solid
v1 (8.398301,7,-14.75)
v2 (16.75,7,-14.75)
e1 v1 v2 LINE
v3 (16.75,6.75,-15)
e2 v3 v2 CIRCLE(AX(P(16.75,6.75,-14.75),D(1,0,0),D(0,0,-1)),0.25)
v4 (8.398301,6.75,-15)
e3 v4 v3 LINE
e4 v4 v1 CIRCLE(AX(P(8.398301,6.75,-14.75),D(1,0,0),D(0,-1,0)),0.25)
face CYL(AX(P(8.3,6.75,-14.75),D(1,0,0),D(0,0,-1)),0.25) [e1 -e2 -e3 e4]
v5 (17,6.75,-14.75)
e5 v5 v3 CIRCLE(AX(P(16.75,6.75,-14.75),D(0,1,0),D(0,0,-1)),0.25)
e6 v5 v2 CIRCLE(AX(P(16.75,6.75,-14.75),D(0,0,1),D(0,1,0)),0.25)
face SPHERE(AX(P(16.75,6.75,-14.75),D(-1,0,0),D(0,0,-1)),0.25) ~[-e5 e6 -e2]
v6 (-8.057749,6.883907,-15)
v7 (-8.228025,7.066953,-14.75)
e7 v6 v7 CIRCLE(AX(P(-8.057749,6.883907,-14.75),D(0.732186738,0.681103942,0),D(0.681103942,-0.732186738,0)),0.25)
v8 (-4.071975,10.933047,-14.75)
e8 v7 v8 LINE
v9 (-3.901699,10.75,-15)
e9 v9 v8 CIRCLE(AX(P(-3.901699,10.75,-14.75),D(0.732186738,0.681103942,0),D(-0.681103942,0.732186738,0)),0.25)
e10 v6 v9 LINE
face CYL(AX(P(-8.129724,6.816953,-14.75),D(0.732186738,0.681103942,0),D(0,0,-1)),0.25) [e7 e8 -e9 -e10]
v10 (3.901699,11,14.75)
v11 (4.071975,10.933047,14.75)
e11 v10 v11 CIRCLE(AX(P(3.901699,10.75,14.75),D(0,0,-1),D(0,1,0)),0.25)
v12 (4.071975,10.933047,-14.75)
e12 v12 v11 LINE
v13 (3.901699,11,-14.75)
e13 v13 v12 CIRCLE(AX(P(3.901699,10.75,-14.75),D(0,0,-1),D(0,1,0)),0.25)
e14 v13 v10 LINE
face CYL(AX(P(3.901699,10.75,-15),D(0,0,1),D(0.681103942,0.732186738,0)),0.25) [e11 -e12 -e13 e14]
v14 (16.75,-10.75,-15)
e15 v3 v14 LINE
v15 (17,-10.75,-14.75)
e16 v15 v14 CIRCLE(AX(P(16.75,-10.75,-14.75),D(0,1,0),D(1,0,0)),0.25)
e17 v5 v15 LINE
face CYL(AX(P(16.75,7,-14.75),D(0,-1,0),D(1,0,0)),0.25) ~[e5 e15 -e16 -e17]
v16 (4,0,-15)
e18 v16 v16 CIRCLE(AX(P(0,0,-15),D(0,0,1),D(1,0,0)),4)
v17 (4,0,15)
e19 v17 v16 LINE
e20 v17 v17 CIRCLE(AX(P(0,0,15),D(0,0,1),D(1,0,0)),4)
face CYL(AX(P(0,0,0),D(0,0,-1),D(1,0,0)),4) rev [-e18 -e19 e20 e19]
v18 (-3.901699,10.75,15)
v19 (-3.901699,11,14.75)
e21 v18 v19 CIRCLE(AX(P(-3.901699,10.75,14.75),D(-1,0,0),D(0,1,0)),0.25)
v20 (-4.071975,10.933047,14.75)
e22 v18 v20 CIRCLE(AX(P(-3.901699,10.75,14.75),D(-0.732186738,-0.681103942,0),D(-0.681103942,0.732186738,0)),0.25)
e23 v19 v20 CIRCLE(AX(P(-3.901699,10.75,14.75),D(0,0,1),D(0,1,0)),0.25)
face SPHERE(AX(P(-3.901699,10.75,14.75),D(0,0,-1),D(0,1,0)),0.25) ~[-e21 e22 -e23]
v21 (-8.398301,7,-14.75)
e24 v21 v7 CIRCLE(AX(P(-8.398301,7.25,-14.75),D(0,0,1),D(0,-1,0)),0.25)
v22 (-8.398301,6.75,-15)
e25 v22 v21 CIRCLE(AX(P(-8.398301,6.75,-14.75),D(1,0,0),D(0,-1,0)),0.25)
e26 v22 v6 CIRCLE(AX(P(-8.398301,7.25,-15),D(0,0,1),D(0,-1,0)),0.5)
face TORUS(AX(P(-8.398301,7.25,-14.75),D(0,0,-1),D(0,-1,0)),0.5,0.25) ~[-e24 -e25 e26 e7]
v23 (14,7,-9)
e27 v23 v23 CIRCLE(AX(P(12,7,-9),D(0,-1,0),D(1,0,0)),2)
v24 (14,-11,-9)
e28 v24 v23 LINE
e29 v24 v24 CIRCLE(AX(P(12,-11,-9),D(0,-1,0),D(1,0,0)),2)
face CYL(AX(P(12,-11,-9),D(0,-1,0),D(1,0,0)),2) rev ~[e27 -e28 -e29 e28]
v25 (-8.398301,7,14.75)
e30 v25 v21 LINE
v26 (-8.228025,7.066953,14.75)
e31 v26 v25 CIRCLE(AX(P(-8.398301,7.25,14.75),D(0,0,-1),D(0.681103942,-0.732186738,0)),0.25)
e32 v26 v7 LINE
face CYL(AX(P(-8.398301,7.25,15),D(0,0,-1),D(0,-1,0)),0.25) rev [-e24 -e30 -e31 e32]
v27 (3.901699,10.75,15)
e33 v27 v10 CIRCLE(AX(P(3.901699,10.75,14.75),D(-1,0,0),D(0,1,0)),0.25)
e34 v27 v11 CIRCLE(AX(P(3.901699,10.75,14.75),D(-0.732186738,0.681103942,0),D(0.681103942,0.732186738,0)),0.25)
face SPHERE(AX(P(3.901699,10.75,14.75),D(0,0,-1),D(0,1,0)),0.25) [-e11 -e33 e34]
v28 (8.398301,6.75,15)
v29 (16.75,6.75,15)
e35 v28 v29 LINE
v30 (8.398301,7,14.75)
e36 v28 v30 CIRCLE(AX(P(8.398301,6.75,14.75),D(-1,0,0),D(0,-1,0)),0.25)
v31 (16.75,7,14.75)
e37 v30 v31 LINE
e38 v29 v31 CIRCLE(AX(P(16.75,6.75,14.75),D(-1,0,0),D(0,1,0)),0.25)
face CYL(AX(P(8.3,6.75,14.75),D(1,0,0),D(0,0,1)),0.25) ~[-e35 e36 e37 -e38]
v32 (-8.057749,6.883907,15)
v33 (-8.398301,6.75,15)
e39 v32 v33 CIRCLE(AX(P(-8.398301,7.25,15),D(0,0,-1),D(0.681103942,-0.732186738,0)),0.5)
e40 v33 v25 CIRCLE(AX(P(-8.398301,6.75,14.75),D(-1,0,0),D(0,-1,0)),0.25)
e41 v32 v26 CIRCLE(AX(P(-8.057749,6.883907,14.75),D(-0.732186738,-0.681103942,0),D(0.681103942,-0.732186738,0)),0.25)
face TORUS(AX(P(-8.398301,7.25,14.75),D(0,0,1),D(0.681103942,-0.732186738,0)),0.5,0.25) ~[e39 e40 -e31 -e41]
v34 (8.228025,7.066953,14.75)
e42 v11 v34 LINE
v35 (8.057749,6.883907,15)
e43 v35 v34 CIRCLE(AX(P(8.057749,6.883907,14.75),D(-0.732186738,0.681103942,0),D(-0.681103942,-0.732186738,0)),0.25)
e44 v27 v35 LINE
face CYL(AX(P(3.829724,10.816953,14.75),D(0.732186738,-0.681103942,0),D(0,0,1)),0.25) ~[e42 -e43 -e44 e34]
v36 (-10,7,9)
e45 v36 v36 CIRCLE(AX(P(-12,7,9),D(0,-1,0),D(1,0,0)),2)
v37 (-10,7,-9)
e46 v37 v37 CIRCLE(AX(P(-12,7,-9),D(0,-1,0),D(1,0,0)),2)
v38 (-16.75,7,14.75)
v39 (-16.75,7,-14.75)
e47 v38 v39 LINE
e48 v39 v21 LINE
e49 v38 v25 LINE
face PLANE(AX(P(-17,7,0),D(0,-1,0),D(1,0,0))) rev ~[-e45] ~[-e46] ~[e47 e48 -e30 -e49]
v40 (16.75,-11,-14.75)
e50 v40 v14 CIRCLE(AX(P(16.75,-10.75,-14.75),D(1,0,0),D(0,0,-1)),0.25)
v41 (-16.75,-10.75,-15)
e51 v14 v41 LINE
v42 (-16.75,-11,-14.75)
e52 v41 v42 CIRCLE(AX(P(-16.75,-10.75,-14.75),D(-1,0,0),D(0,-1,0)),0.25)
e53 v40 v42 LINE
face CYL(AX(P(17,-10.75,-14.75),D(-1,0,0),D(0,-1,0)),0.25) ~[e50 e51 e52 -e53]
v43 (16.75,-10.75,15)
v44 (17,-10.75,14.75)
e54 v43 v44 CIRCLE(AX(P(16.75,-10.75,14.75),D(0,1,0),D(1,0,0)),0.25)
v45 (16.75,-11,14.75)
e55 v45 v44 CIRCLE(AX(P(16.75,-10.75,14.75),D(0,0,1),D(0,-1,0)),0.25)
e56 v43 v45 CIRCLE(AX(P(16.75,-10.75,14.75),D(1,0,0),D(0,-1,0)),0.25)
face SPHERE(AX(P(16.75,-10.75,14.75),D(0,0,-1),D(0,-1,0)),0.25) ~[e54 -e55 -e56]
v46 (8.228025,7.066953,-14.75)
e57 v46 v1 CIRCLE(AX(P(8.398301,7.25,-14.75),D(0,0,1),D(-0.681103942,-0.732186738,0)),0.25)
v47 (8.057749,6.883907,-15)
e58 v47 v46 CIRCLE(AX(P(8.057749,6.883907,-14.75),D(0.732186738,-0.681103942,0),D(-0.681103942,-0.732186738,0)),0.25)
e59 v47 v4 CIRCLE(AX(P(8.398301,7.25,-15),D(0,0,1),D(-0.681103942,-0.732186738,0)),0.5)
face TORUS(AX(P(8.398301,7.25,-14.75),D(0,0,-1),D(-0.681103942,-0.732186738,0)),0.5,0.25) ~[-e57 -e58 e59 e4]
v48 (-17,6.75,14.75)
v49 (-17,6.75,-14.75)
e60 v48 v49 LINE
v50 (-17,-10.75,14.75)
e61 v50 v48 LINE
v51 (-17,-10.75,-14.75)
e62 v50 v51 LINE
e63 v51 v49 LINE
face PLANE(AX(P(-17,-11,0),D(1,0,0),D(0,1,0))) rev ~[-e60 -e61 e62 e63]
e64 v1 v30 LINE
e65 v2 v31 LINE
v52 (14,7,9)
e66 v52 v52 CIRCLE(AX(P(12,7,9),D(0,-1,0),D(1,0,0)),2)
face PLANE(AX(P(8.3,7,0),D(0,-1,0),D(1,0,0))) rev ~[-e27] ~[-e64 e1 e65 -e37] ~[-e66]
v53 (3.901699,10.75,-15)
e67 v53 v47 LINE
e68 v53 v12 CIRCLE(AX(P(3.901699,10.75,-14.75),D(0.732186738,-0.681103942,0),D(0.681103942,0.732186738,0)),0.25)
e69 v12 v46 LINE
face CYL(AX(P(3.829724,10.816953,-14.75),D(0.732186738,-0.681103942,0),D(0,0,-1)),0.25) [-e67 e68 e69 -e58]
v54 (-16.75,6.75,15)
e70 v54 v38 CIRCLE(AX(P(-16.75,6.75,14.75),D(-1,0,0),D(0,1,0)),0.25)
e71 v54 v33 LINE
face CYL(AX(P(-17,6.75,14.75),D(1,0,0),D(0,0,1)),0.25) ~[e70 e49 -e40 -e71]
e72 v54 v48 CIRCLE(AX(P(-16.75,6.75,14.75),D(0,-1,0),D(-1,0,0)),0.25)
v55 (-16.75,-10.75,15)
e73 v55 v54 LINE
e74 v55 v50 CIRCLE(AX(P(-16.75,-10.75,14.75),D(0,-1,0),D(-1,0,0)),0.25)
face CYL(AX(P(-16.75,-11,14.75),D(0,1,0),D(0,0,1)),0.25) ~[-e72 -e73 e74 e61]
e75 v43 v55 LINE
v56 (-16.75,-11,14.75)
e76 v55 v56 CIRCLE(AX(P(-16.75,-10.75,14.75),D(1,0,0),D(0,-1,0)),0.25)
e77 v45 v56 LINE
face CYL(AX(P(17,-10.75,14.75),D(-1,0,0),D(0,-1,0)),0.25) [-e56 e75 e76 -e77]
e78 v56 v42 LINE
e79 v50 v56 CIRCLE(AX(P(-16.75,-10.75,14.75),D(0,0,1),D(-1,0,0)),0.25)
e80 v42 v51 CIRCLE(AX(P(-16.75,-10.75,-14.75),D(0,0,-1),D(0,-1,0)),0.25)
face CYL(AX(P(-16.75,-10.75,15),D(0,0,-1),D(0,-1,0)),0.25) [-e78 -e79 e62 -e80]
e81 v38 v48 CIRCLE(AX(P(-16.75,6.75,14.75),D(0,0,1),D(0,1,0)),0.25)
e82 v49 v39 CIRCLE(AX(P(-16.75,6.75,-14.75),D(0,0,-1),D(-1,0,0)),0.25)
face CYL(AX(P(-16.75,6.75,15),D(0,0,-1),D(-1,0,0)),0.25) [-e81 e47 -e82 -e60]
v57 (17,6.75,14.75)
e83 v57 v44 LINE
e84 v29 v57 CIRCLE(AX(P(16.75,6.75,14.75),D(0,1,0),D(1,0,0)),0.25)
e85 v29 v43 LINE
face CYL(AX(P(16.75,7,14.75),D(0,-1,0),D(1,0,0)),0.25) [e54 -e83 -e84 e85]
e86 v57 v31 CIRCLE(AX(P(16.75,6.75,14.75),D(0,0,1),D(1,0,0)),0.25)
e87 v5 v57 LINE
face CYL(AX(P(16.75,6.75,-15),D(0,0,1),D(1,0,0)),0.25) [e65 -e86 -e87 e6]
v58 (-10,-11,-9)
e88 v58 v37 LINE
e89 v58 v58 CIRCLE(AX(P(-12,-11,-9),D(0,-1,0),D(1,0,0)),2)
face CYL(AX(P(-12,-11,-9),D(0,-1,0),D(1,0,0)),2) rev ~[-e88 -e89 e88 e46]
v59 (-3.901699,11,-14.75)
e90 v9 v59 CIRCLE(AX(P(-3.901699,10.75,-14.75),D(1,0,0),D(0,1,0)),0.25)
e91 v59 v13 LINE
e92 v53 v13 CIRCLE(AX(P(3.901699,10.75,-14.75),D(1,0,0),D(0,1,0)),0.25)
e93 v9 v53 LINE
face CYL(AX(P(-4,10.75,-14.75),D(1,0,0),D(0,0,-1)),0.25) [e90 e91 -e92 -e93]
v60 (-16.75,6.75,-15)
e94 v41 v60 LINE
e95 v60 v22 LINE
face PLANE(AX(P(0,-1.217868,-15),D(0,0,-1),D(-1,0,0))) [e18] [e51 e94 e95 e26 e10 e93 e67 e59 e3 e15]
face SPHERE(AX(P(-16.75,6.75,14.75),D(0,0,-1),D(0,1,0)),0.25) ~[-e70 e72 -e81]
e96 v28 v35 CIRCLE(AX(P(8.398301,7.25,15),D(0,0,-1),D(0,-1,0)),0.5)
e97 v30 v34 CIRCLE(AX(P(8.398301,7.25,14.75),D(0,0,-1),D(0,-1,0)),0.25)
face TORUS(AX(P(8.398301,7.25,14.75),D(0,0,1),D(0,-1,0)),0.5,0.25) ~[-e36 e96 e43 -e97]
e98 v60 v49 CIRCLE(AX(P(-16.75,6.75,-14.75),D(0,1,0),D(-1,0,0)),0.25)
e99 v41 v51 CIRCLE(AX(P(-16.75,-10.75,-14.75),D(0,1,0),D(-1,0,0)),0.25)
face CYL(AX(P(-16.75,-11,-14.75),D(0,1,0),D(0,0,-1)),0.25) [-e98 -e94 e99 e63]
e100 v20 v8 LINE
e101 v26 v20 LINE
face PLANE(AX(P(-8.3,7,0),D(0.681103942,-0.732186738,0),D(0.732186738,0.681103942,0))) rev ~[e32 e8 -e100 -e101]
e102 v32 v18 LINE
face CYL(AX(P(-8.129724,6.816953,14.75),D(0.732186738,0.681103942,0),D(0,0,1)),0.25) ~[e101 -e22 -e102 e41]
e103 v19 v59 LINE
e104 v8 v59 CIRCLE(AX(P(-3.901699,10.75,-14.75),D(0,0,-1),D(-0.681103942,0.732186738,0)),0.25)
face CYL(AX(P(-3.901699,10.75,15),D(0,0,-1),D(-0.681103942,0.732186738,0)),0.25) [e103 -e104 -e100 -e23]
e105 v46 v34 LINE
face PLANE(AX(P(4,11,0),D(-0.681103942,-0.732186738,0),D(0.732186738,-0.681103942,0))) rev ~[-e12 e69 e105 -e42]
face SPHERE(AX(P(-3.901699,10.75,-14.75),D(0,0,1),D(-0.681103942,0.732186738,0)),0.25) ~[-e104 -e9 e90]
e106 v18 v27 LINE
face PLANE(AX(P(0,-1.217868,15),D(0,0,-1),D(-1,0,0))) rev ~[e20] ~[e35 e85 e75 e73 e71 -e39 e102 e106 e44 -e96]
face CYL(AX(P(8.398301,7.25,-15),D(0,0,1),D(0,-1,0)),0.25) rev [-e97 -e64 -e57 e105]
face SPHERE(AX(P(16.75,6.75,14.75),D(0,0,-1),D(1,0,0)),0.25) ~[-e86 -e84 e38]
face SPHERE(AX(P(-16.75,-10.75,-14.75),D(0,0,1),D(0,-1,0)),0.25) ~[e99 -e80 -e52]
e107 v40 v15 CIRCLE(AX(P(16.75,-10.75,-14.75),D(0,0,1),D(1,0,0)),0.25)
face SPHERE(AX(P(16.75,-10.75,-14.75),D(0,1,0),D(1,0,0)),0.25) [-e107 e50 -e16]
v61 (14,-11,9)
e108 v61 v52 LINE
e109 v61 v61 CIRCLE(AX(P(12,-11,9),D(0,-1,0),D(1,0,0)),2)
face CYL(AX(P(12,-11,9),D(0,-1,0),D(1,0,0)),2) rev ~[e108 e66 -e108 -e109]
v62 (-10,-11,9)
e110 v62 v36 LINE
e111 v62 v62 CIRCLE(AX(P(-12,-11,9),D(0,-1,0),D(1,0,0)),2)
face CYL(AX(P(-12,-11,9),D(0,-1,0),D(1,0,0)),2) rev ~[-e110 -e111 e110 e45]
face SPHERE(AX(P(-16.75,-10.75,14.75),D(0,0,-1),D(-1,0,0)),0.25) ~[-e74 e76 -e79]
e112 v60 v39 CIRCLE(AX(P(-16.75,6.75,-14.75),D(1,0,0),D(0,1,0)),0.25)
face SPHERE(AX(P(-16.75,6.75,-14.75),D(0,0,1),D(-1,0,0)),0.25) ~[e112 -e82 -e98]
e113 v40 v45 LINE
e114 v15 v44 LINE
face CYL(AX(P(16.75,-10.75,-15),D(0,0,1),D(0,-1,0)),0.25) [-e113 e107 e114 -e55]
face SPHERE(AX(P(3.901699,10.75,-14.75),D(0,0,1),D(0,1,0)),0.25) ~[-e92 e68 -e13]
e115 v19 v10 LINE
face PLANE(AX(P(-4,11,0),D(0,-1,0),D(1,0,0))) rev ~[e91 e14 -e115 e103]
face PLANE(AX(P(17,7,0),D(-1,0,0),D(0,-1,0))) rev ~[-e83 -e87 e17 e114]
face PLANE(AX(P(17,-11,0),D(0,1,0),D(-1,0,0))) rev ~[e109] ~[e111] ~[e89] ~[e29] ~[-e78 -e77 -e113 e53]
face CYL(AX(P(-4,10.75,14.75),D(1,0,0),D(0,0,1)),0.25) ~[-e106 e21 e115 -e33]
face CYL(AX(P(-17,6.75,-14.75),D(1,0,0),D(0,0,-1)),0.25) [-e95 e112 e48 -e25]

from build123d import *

# Parameters (mm, degrees)
SKETCH1_R           = 4
BOSS_EXTRUDE1_DEPTH = 15
CUT_EXTRUDE1_REACH  = 24
SKETCH2_R           = 2
FILLET1_R           = 0.25


with BuildPart() as part:
    # Sketch1 → Boss-Extrude1 (new body, symmetric)
    with BuildSketch(Plane.XY):
        Polygon((17, -11), (-17, -11), (-17, 7), (-8.3, 7), (-4, 11), (4, 11), (8.3, 7), (17, 7), align=None)
        Circle(SKETCH1_R, mode=Mode.SUBTRACT)
    extrude(amount=BOSS_EXTRUDE1_DEPTH, both=True)

    # Sketch2 → Cut-Extrude1 (cut, up to next)
    with BuildSketch(Plane.XZ.offset(11), mode=Mode.PRIVATE) as cut_extrude1_sk1:
        with Locations((12, 9)):
            Circle(SKETCH2_R)
    cut_extrude1_tool1 = extrude(cut_extrude1_sk1.sketch, amount=-CUT_EXTRUDE1_REACH, mode=Mode.PRIVATE) & part.part
    add(cut_extrude1_tool1.solids().sort_by_distance((12, -11, 9))[0], mode=Mode.SUBTRACT)
    # Sketch2 → Cut-Extrude1 (cut, up to next)
    with BuildSketch(Plane.XZ.offset(11), mode=Mode.PRIVATE) as cut_extrude1_sk2:
        with Locations((-12, 9)):
            Circle(SKETCH2_R)
    cut_extrude1_tool2 = extrude(cut_extrude1_sk2.sketch, amount=-CUT_EXTRUDE1_REACH, mode=Mode.PRIVATE) & part.part
    add(cut_extrude1_tool2.solids().sort_by_distance((-12, -11, 9))[0], mode=Mode.SUBTRACT)
    # Sketch2 → Cut-Extrude1 (cut, up to next)
    with BuildSketch(Plane.XZ.offset(11), mode=Mode.PRIVATE) as cut_extrude1_sk3:
        with Locations((12, -9)):
            Circle(SKETCH2_R)
    cut_extrude1_tool3 = extrude(cut_extrude1_sk3.sketch, amount=-CUT_EXTRUDE1_REACH, mode=Mode.PRIVATE) & part.part
    add(cut_extrude1_tool3.solids().sort_by_distance((12, -11, -9))[0], mode=Mode.SUBTRACT)
    # Sketch2 → Cut-Extrude1 (cut, up to next)
    with BuildSketch(Plane.XZ.offset(11), mode=Mode.PRIVATE) as cut_extrude1_sk4:
        with Locations((-12, -9)):
            Circle(SKETCH2_R)
    cut_extrude1_tool4 = extrude(cut_extrude1_sk4.sketch, amount=-CUT_EXTRUDE1_REACH, mode=Mode.PRIVATE) & part.part
    add(cut_extrude1_tool4.solids().sort_by_distance((-12, -11, -9))[0], mode=Mode.SUBTRACT)

    # Fillet1
    fillet1_edges = [part.edges().sort_by_distance(p)[0] for p in [
        (0, 11, -15),
        (6.15, 9, -15),
        (12.65, 7, -15),
        (17, -2, -15),
        (6.15, 9, 15),
        (17, -11, 0),
        (-17, -11, 0),
        (-17, 7, 0),
        (-8.3, 7, 0),
        (-4, 11, 0),
        (4, 11, 0),
        (8.3, 7, 0),
        (17, 7, 0),
        (0, 11, 15),
        (-6.15, 9, 15),
        (-12.65, 7, 15),
        (-17, -2, 15),
        (0, -11, 15),
        (17, -2, 15),
        (0, -11, -15),
        (12.65, 7, 15),
        (-17, -2, -15),
        (-12.65, 7, -15),
        (-6.15, 9, -15),
    ]]
    fillet(fillet1_edges, radius=FILLET1_R)


solid = part.part
